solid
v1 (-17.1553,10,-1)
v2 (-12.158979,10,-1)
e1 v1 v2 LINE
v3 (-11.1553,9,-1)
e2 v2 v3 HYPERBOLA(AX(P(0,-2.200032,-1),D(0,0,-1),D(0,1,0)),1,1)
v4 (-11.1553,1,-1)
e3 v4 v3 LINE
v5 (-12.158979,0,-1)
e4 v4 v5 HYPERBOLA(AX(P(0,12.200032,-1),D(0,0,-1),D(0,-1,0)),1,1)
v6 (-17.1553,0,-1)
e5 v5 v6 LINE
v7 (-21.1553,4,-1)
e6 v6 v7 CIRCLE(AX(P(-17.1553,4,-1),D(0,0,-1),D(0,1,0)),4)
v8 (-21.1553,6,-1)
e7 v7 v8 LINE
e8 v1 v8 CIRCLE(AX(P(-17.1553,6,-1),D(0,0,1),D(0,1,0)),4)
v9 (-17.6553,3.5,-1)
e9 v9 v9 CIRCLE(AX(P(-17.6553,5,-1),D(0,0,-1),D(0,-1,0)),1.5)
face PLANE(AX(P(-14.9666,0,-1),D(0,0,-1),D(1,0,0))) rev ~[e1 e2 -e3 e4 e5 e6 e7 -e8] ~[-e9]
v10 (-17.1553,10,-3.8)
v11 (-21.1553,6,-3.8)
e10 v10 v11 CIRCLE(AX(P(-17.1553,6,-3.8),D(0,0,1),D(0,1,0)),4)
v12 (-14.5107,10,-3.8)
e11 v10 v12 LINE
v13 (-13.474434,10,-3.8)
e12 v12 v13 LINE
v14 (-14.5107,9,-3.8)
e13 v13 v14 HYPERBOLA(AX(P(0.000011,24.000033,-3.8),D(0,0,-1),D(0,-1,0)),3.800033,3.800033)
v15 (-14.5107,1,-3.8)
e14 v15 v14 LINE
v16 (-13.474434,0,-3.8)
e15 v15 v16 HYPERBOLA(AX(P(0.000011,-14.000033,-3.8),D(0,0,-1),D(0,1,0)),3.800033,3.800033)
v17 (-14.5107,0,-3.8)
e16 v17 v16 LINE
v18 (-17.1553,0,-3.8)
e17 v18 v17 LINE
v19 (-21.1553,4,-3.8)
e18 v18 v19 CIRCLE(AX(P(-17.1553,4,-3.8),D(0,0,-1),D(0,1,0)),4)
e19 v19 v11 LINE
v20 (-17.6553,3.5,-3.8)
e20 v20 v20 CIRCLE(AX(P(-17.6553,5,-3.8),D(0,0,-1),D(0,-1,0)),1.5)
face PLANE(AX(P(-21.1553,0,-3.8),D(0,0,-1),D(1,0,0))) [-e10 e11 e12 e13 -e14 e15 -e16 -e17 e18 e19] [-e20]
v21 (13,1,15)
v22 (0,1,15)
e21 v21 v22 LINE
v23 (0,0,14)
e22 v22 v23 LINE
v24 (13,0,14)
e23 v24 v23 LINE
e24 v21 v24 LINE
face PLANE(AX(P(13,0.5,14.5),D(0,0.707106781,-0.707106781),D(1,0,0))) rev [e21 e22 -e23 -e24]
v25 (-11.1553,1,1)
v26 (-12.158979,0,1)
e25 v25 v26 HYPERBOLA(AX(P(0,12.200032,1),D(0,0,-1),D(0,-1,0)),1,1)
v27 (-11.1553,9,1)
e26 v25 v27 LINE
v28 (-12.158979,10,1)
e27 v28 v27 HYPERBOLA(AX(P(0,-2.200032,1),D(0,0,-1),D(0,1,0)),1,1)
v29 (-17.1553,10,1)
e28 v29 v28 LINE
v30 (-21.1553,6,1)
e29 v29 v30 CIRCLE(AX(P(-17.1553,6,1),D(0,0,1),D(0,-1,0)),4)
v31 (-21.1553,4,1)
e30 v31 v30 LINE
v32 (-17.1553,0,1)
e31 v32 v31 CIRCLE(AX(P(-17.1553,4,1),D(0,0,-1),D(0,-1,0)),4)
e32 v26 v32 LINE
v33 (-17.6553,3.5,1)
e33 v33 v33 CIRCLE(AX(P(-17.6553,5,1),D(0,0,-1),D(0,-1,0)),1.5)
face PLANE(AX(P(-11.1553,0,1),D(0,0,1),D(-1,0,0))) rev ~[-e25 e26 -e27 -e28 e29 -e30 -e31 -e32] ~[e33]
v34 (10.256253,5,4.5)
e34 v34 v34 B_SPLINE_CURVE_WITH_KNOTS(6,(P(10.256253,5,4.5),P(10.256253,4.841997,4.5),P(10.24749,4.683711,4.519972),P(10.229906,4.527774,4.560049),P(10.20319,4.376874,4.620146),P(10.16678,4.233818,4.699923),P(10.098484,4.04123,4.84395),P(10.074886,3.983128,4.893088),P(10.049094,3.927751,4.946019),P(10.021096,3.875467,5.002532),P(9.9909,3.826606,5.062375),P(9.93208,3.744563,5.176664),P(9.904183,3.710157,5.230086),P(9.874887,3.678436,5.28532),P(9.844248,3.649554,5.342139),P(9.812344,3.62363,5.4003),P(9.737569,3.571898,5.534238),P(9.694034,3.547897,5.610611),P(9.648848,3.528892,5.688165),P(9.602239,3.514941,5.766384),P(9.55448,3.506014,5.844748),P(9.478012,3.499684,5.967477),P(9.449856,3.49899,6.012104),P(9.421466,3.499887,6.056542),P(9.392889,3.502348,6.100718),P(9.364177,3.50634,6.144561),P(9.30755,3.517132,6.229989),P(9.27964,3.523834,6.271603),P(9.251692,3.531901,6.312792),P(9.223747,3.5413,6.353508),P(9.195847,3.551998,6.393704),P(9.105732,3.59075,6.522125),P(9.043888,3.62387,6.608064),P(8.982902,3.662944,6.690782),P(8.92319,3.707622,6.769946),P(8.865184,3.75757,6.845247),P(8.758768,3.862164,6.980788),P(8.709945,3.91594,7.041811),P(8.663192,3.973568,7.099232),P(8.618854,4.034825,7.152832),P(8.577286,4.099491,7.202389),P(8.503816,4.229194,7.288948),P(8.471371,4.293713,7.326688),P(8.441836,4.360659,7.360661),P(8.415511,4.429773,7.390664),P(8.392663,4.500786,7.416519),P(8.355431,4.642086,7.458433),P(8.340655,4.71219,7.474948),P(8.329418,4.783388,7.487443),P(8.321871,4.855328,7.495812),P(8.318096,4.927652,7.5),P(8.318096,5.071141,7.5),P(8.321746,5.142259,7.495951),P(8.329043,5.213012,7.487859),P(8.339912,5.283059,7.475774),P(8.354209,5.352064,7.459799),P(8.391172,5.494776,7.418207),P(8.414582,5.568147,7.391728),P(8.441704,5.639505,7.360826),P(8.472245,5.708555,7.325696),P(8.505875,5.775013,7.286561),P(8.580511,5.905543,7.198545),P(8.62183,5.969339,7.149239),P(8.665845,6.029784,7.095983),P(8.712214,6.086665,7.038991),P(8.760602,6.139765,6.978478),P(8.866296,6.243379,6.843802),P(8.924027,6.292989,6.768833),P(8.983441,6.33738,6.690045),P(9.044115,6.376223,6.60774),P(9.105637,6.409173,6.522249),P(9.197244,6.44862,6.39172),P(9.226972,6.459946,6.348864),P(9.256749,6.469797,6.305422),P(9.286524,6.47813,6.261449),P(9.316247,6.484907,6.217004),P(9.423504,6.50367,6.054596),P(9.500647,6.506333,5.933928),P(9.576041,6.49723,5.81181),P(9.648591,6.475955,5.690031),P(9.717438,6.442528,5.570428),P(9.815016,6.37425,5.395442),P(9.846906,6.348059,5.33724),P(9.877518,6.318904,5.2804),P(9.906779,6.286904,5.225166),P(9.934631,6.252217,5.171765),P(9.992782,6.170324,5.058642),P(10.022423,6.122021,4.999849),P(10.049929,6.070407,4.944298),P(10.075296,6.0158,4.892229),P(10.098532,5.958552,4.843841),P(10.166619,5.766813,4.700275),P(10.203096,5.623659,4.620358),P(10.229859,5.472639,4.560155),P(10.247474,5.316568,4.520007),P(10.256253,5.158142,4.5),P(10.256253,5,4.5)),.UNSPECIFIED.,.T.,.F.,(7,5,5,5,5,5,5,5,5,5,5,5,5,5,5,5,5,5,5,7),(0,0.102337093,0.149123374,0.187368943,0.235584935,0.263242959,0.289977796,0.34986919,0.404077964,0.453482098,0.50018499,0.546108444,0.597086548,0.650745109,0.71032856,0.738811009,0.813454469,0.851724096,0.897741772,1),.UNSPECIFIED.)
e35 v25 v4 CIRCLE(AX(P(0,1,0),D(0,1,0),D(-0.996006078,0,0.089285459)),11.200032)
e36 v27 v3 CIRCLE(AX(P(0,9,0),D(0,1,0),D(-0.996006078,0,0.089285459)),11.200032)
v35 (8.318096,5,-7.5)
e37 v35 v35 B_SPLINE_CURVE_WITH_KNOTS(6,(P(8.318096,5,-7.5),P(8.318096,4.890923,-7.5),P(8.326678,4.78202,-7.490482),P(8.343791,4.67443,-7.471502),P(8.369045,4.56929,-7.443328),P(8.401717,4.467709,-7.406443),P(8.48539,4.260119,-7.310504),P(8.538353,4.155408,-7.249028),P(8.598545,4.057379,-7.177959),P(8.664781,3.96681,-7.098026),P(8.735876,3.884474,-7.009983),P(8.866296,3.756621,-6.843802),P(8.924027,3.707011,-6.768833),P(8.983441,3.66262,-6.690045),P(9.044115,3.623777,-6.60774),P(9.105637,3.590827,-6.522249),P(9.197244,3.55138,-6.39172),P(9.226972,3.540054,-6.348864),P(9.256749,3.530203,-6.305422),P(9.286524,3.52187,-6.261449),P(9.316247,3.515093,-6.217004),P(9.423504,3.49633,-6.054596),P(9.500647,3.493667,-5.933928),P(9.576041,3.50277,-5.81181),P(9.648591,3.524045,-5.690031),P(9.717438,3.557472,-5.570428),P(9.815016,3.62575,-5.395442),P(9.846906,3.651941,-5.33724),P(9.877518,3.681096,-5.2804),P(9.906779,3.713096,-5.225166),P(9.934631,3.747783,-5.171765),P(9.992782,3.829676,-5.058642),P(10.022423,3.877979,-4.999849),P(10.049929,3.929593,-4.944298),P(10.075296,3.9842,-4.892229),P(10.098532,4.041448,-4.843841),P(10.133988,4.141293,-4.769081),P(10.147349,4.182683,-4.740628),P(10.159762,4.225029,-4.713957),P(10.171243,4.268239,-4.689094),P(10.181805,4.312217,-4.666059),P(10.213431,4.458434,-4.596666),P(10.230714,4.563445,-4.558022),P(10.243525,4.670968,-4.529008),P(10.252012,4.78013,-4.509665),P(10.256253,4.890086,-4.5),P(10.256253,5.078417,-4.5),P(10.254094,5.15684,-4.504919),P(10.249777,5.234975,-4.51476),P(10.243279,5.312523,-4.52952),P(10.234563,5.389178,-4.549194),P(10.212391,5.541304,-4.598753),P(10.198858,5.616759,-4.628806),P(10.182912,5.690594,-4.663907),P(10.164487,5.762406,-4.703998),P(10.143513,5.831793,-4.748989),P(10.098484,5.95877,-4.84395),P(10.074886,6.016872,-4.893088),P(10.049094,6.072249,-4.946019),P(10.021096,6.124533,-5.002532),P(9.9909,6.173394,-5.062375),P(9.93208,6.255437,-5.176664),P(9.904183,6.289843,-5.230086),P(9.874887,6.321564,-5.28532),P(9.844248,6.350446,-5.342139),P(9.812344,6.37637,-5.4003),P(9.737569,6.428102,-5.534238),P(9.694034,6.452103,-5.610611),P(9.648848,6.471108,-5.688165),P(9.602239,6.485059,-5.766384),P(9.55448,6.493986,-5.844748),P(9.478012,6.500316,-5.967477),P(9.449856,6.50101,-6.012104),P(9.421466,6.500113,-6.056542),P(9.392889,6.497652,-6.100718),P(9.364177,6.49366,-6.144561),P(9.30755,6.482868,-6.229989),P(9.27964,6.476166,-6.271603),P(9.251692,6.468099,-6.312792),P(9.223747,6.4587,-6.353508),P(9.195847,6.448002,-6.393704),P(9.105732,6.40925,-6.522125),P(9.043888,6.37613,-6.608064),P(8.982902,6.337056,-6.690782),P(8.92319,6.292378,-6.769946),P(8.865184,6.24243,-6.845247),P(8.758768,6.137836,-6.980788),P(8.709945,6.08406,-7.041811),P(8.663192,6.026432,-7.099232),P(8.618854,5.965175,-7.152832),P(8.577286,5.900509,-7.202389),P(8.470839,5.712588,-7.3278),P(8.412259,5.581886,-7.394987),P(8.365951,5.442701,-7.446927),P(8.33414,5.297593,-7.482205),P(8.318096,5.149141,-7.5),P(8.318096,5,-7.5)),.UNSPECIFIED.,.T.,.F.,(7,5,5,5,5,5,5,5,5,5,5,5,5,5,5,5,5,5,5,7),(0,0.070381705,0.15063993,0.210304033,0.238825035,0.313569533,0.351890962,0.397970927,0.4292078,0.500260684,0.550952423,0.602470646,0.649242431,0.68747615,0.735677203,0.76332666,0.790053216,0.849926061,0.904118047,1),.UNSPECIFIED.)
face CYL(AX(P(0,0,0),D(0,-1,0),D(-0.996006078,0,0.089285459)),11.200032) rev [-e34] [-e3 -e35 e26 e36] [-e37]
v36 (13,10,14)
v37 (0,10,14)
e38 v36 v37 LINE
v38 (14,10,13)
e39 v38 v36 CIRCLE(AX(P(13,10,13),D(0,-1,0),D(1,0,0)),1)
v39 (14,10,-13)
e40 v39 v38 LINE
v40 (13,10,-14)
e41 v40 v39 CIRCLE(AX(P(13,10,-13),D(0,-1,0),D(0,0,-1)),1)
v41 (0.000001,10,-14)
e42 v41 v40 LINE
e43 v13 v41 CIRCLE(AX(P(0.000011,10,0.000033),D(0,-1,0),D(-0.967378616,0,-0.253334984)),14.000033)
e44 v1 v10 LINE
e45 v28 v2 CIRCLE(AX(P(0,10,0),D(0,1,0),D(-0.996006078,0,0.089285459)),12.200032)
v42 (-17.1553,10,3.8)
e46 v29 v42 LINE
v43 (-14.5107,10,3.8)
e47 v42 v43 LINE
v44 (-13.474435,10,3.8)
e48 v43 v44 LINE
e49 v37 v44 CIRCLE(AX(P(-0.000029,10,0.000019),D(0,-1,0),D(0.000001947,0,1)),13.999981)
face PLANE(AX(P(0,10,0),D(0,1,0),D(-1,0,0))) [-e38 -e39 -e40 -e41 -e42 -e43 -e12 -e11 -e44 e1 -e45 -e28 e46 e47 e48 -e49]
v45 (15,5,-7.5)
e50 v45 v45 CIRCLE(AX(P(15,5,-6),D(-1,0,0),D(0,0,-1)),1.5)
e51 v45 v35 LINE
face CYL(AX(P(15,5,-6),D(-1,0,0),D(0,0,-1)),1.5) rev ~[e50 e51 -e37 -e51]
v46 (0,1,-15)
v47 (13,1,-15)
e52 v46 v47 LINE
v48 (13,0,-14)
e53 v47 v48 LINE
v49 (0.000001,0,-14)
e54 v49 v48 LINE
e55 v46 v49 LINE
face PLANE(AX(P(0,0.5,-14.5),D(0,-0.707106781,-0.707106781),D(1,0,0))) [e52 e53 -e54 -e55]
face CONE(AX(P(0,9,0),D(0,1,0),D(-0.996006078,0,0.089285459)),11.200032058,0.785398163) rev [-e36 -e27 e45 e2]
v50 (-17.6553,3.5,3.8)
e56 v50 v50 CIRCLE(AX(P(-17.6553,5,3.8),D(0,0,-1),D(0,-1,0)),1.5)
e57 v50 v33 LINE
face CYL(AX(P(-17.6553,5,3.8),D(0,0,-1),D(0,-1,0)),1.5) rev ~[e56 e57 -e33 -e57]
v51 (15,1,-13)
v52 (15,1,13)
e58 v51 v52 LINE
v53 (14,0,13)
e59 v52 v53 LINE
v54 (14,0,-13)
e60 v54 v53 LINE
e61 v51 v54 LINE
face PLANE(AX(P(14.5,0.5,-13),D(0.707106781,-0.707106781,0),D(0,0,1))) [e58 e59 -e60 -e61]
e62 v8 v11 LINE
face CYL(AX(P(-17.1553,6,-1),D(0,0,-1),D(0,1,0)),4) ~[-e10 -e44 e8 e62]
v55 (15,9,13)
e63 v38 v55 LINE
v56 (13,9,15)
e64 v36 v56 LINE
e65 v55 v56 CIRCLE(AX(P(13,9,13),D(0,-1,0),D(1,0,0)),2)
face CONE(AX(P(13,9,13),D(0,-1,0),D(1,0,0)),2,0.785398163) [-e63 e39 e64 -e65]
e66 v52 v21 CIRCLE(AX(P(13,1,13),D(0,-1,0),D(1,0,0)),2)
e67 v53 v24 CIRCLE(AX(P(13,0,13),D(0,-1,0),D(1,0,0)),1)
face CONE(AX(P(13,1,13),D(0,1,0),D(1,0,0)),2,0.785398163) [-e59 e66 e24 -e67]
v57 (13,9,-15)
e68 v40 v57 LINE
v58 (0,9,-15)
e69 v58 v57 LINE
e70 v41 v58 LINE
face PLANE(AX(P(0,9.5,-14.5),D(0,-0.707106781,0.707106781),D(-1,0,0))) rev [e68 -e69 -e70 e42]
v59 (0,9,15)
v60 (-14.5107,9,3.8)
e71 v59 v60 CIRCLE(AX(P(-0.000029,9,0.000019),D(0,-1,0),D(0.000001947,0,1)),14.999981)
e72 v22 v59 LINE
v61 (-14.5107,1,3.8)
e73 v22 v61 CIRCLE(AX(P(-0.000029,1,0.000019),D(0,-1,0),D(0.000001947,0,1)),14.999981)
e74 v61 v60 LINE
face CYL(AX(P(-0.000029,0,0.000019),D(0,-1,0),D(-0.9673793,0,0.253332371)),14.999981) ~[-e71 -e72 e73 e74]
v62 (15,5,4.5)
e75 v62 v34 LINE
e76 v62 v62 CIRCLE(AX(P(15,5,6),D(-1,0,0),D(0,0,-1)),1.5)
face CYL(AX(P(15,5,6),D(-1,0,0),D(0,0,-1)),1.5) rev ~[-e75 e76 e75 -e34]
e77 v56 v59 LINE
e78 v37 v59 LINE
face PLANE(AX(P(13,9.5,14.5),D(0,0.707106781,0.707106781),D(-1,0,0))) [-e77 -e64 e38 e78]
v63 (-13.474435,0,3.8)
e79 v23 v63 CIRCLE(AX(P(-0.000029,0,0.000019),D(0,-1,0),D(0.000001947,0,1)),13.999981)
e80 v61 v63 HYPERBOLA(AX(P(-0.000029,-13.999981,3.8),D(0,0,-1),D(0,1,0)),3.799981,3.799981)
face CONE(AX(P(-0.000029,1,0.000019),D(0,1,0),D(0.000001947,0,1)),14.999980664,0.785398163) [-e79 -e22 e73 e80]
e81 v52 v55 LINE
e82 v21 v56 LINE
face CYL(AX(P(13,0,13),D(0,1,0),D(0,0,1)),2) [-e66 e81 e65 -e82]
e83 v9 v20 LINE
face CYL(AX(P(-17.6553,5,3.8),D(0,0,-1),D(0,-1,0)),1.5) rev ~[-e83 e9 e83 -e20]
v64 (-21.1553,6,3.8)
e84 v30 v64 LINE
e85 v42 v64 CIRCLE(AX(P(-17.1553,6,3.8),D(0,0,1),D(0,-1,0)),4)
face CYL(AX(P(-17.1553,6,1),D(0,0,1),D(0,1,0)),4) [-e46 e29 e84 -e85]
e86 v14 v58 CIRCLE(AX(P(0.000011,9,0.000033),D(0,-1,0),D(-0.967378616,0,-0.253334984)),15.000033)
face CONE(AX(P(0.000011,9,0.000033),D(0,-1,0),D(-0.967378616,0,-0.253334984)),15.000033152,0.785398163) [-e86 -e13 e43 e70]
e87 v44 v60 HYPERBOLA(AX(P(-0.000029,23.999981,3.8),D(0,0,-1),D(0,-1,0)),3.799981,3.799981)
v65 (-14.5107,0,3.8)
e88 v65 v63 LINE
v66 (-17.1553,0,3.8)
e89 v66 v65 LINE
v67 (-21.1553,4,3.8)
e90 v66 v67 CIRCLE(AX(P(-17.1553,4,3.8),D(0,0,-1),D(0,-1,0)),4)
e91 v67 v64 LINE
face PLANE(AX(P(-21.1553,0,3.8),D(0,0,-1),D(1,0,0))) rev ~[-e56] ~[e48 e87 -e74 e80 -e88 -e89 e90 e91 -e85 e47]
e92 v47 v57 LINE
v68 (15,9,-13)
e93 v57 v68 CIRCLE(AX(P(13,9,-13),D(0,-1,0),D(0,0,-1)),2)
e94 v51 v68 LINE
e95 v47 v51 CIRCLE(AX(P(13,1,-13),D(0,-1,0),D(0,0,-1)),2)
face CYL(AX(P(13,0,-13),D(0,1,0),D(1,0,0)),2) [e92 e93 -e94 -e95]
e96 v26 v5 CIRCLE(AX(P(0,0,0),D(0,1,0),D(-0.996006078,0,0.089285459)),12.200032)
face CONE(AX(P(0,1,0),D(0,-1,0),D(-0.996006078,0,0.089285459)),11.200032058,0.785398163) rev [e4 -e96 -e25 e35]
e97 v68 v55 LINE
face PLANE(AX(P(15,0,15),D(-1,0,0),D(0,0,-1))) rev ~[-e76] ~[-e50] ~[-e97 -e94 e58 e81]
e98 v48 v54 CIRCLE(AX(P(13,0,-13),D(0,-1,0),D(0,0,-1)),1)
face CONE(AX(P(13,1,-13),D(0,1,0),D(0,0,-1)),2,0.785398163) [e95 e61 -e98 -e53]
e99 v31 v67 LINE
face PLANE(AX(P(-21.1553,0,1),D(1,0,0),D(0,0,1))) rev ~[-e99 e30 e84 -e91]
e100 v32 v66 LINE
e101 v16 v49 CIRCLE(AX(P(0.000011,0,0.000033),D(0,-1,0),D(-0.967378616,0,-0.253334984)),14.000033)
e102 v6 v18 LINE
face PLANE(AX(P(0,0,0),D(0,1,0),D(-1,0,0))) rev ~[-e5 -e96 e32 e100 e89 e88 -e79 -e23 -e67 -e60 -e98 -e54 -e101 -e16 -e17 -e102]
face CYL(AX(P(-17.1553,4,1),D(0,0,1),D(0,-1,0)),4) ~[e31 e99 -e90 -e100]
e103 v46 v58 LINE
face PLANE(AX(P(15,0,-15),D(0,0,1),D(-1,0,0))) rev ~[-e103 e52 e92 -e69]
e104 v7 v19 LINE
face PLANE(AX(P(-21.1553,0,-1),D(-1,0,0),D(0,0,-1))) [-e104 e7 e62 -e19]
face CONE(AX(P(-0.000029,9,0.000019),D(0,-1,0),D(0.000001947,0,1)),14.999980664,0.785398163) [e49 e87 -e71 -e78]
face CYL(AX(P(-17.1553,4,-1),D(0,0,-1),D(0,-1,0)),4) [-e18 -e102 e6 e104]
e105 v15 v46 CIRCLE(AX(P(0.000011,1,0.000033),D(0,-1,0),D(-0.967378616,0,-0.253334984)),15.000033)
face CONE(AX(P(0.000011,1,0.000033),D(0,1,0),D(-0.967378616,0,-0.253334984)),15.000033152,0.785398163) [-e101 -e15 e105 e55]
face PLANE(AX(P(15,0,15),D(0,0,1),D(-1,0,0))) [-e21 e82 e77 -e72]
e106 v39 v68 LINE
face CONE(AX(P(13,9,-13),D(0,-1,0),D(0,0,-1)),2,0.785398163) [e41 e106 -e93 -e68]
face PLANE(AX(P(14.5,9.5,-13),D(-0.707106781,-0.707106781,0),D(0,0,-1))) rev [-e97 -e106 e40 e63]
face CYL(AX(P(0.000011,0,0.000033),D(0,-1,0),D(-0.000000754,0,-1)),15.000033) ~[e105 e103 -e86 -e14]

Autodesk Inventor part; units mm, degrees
ref_plane "YZ Plane" through (0, 0, 0) normal (1, 0, 0) x (0, 1, 0)
ref_plane "XZ Plane" through (0, 0, 0) normal (0, 1, 0) x (-1, 0, 0)
ref_plane "XY Plane" through (0, 0, 0) normal (0, 0, 1) x (1, 0, 0)
sketch "Эскиз1" plane through (0, 0, 0) normal (0, 1, 0) x (-1, 0, 0)
  arc A0 (11.1553, 1) -> (11.1553, -1) centre (0, 0) ccw
  line L0 (-15, 15) -> (-15, -15)
  line L1 (-15, 15) -> (0, 15)
  line L2 (-15, -15) -> (0, -15)
  line L3 (11.1553, 1) -> (14.9666, 1)
  line L4 (14.9666, -1) -> (11.1553, -1)
  arc A1 (0, -15) -> (14.5107, -3.8) centre (0, 0) ccw
  arc A2 (14.5107, 3.8) -> (0, 15) centre (0, 0) ccw
  line L5 (11.1553, -1) -> (21.1553, -1)
  line L6 (21.1553, -1) -> (21.1553, -3.8)
  line L7 (21.1553, -3.8) -> (14.5107, -3.8)
  line L8 (11.1553, 1) -> (21.1553, 1)
  line L9 (21.1553, 1) -> (21.1553, 3.8)
  line L10 (21.1553, 3.8) -> (14.5107, 3.8)
  point P0 (15, 0)
  dimension "d0" = 22.4
  dimension "d2" = 30
  dimension "d5" = 2.8
  dimension "d6" = 2.8
extrude "Выдавливание1" add sketch "Эскиз1" along normal blind 10
sketch "Эскиз2" plane through (15, 0, 15) normal (1, 0, 0) x (0, 0, -1)
  line L0 (0, 0) -> (30, 0) projected
  line L1 (30, 0) -> (30, 10) projected
  line L2 (0, 10) -> (30, 10) projected
  line L3 (0, 0) -> (0, 10) projected
  line L4 (0, 5) -> (30, 5) construction
  line L5 (15, 10) -> (15, 0) construction
  point P0 (21, 5)
  point P1 (9, 5)
  dimension "d10" = 6
  dimension "d11" = 6
hole "Отверстие1" at (15, 5, -6) at (15, 5, 6) direction (-1, 0, 0) diameter 3 depth 8 tip angle 118
fillet "Сопряжение1" radius 4 4 edges at (-21.1553, 10, 2.4) (-21.1553, 10, -2.4) (-21.1553, 0, 2.4) (-21.1553, 0, -2.4)
sketch "Эскиз3" plane through (-14.5107, 0, 3.8) normal (0, 0, 1) x (1, 0, 0)
  arc A0 (-6.6446, 4) -> (-2.6446, 0) centre (-2.6446, 4) ccw projected
  line L0 (-2.6446, 0) -> (0, 0) projected
  line L1 (0, 0) -> (0, 10) projected
  line L2 (-2.6446, 10) -> (0, 10) projected
  arc A1 (-2.6446, 10) -> (-6.6446, 6) centre (-2.6446, 6) ccw projected
  line L3 (-6.6446, 4) -> (-6.6446, 6) projected
  line L4 (-6.6446, 5) -> (-3.1446, 5) construction
  point P0 (14.5107, 0)
  dimension "d20" = 3.5
hole "Отверстие2" at (-17.6553, 5, 3.8) direction (0, 0, -1) diameter 3 depth 8 tip angle 118
fillet "Сопряжение2" radius 2 2 edges at (15, 5, 15) (15, 5, -15)
chamfer "Фаска1" distance 1 angle 45 16 edges at (11.2, 10, 0) (11.2, 0, 0) (6.5, 10, 15) (14.4142, 10, 14.4142) (15, 10, 0) (14.4142, 10, -14.4142) (6.5, 10, -15) (-9.1652, 10, -11.8743) (-9.1652, 10, 11.8743) (6.5, 0, 15) (14.4142, 0, 14.4142) (15, 0, 0) (14.4142, 0, -14.4142) (6.5, 0, -15) (-9.1652, 0, -11.8743) (-9.1652, 0, 11.8743)
properties part number "ScreenMount"
